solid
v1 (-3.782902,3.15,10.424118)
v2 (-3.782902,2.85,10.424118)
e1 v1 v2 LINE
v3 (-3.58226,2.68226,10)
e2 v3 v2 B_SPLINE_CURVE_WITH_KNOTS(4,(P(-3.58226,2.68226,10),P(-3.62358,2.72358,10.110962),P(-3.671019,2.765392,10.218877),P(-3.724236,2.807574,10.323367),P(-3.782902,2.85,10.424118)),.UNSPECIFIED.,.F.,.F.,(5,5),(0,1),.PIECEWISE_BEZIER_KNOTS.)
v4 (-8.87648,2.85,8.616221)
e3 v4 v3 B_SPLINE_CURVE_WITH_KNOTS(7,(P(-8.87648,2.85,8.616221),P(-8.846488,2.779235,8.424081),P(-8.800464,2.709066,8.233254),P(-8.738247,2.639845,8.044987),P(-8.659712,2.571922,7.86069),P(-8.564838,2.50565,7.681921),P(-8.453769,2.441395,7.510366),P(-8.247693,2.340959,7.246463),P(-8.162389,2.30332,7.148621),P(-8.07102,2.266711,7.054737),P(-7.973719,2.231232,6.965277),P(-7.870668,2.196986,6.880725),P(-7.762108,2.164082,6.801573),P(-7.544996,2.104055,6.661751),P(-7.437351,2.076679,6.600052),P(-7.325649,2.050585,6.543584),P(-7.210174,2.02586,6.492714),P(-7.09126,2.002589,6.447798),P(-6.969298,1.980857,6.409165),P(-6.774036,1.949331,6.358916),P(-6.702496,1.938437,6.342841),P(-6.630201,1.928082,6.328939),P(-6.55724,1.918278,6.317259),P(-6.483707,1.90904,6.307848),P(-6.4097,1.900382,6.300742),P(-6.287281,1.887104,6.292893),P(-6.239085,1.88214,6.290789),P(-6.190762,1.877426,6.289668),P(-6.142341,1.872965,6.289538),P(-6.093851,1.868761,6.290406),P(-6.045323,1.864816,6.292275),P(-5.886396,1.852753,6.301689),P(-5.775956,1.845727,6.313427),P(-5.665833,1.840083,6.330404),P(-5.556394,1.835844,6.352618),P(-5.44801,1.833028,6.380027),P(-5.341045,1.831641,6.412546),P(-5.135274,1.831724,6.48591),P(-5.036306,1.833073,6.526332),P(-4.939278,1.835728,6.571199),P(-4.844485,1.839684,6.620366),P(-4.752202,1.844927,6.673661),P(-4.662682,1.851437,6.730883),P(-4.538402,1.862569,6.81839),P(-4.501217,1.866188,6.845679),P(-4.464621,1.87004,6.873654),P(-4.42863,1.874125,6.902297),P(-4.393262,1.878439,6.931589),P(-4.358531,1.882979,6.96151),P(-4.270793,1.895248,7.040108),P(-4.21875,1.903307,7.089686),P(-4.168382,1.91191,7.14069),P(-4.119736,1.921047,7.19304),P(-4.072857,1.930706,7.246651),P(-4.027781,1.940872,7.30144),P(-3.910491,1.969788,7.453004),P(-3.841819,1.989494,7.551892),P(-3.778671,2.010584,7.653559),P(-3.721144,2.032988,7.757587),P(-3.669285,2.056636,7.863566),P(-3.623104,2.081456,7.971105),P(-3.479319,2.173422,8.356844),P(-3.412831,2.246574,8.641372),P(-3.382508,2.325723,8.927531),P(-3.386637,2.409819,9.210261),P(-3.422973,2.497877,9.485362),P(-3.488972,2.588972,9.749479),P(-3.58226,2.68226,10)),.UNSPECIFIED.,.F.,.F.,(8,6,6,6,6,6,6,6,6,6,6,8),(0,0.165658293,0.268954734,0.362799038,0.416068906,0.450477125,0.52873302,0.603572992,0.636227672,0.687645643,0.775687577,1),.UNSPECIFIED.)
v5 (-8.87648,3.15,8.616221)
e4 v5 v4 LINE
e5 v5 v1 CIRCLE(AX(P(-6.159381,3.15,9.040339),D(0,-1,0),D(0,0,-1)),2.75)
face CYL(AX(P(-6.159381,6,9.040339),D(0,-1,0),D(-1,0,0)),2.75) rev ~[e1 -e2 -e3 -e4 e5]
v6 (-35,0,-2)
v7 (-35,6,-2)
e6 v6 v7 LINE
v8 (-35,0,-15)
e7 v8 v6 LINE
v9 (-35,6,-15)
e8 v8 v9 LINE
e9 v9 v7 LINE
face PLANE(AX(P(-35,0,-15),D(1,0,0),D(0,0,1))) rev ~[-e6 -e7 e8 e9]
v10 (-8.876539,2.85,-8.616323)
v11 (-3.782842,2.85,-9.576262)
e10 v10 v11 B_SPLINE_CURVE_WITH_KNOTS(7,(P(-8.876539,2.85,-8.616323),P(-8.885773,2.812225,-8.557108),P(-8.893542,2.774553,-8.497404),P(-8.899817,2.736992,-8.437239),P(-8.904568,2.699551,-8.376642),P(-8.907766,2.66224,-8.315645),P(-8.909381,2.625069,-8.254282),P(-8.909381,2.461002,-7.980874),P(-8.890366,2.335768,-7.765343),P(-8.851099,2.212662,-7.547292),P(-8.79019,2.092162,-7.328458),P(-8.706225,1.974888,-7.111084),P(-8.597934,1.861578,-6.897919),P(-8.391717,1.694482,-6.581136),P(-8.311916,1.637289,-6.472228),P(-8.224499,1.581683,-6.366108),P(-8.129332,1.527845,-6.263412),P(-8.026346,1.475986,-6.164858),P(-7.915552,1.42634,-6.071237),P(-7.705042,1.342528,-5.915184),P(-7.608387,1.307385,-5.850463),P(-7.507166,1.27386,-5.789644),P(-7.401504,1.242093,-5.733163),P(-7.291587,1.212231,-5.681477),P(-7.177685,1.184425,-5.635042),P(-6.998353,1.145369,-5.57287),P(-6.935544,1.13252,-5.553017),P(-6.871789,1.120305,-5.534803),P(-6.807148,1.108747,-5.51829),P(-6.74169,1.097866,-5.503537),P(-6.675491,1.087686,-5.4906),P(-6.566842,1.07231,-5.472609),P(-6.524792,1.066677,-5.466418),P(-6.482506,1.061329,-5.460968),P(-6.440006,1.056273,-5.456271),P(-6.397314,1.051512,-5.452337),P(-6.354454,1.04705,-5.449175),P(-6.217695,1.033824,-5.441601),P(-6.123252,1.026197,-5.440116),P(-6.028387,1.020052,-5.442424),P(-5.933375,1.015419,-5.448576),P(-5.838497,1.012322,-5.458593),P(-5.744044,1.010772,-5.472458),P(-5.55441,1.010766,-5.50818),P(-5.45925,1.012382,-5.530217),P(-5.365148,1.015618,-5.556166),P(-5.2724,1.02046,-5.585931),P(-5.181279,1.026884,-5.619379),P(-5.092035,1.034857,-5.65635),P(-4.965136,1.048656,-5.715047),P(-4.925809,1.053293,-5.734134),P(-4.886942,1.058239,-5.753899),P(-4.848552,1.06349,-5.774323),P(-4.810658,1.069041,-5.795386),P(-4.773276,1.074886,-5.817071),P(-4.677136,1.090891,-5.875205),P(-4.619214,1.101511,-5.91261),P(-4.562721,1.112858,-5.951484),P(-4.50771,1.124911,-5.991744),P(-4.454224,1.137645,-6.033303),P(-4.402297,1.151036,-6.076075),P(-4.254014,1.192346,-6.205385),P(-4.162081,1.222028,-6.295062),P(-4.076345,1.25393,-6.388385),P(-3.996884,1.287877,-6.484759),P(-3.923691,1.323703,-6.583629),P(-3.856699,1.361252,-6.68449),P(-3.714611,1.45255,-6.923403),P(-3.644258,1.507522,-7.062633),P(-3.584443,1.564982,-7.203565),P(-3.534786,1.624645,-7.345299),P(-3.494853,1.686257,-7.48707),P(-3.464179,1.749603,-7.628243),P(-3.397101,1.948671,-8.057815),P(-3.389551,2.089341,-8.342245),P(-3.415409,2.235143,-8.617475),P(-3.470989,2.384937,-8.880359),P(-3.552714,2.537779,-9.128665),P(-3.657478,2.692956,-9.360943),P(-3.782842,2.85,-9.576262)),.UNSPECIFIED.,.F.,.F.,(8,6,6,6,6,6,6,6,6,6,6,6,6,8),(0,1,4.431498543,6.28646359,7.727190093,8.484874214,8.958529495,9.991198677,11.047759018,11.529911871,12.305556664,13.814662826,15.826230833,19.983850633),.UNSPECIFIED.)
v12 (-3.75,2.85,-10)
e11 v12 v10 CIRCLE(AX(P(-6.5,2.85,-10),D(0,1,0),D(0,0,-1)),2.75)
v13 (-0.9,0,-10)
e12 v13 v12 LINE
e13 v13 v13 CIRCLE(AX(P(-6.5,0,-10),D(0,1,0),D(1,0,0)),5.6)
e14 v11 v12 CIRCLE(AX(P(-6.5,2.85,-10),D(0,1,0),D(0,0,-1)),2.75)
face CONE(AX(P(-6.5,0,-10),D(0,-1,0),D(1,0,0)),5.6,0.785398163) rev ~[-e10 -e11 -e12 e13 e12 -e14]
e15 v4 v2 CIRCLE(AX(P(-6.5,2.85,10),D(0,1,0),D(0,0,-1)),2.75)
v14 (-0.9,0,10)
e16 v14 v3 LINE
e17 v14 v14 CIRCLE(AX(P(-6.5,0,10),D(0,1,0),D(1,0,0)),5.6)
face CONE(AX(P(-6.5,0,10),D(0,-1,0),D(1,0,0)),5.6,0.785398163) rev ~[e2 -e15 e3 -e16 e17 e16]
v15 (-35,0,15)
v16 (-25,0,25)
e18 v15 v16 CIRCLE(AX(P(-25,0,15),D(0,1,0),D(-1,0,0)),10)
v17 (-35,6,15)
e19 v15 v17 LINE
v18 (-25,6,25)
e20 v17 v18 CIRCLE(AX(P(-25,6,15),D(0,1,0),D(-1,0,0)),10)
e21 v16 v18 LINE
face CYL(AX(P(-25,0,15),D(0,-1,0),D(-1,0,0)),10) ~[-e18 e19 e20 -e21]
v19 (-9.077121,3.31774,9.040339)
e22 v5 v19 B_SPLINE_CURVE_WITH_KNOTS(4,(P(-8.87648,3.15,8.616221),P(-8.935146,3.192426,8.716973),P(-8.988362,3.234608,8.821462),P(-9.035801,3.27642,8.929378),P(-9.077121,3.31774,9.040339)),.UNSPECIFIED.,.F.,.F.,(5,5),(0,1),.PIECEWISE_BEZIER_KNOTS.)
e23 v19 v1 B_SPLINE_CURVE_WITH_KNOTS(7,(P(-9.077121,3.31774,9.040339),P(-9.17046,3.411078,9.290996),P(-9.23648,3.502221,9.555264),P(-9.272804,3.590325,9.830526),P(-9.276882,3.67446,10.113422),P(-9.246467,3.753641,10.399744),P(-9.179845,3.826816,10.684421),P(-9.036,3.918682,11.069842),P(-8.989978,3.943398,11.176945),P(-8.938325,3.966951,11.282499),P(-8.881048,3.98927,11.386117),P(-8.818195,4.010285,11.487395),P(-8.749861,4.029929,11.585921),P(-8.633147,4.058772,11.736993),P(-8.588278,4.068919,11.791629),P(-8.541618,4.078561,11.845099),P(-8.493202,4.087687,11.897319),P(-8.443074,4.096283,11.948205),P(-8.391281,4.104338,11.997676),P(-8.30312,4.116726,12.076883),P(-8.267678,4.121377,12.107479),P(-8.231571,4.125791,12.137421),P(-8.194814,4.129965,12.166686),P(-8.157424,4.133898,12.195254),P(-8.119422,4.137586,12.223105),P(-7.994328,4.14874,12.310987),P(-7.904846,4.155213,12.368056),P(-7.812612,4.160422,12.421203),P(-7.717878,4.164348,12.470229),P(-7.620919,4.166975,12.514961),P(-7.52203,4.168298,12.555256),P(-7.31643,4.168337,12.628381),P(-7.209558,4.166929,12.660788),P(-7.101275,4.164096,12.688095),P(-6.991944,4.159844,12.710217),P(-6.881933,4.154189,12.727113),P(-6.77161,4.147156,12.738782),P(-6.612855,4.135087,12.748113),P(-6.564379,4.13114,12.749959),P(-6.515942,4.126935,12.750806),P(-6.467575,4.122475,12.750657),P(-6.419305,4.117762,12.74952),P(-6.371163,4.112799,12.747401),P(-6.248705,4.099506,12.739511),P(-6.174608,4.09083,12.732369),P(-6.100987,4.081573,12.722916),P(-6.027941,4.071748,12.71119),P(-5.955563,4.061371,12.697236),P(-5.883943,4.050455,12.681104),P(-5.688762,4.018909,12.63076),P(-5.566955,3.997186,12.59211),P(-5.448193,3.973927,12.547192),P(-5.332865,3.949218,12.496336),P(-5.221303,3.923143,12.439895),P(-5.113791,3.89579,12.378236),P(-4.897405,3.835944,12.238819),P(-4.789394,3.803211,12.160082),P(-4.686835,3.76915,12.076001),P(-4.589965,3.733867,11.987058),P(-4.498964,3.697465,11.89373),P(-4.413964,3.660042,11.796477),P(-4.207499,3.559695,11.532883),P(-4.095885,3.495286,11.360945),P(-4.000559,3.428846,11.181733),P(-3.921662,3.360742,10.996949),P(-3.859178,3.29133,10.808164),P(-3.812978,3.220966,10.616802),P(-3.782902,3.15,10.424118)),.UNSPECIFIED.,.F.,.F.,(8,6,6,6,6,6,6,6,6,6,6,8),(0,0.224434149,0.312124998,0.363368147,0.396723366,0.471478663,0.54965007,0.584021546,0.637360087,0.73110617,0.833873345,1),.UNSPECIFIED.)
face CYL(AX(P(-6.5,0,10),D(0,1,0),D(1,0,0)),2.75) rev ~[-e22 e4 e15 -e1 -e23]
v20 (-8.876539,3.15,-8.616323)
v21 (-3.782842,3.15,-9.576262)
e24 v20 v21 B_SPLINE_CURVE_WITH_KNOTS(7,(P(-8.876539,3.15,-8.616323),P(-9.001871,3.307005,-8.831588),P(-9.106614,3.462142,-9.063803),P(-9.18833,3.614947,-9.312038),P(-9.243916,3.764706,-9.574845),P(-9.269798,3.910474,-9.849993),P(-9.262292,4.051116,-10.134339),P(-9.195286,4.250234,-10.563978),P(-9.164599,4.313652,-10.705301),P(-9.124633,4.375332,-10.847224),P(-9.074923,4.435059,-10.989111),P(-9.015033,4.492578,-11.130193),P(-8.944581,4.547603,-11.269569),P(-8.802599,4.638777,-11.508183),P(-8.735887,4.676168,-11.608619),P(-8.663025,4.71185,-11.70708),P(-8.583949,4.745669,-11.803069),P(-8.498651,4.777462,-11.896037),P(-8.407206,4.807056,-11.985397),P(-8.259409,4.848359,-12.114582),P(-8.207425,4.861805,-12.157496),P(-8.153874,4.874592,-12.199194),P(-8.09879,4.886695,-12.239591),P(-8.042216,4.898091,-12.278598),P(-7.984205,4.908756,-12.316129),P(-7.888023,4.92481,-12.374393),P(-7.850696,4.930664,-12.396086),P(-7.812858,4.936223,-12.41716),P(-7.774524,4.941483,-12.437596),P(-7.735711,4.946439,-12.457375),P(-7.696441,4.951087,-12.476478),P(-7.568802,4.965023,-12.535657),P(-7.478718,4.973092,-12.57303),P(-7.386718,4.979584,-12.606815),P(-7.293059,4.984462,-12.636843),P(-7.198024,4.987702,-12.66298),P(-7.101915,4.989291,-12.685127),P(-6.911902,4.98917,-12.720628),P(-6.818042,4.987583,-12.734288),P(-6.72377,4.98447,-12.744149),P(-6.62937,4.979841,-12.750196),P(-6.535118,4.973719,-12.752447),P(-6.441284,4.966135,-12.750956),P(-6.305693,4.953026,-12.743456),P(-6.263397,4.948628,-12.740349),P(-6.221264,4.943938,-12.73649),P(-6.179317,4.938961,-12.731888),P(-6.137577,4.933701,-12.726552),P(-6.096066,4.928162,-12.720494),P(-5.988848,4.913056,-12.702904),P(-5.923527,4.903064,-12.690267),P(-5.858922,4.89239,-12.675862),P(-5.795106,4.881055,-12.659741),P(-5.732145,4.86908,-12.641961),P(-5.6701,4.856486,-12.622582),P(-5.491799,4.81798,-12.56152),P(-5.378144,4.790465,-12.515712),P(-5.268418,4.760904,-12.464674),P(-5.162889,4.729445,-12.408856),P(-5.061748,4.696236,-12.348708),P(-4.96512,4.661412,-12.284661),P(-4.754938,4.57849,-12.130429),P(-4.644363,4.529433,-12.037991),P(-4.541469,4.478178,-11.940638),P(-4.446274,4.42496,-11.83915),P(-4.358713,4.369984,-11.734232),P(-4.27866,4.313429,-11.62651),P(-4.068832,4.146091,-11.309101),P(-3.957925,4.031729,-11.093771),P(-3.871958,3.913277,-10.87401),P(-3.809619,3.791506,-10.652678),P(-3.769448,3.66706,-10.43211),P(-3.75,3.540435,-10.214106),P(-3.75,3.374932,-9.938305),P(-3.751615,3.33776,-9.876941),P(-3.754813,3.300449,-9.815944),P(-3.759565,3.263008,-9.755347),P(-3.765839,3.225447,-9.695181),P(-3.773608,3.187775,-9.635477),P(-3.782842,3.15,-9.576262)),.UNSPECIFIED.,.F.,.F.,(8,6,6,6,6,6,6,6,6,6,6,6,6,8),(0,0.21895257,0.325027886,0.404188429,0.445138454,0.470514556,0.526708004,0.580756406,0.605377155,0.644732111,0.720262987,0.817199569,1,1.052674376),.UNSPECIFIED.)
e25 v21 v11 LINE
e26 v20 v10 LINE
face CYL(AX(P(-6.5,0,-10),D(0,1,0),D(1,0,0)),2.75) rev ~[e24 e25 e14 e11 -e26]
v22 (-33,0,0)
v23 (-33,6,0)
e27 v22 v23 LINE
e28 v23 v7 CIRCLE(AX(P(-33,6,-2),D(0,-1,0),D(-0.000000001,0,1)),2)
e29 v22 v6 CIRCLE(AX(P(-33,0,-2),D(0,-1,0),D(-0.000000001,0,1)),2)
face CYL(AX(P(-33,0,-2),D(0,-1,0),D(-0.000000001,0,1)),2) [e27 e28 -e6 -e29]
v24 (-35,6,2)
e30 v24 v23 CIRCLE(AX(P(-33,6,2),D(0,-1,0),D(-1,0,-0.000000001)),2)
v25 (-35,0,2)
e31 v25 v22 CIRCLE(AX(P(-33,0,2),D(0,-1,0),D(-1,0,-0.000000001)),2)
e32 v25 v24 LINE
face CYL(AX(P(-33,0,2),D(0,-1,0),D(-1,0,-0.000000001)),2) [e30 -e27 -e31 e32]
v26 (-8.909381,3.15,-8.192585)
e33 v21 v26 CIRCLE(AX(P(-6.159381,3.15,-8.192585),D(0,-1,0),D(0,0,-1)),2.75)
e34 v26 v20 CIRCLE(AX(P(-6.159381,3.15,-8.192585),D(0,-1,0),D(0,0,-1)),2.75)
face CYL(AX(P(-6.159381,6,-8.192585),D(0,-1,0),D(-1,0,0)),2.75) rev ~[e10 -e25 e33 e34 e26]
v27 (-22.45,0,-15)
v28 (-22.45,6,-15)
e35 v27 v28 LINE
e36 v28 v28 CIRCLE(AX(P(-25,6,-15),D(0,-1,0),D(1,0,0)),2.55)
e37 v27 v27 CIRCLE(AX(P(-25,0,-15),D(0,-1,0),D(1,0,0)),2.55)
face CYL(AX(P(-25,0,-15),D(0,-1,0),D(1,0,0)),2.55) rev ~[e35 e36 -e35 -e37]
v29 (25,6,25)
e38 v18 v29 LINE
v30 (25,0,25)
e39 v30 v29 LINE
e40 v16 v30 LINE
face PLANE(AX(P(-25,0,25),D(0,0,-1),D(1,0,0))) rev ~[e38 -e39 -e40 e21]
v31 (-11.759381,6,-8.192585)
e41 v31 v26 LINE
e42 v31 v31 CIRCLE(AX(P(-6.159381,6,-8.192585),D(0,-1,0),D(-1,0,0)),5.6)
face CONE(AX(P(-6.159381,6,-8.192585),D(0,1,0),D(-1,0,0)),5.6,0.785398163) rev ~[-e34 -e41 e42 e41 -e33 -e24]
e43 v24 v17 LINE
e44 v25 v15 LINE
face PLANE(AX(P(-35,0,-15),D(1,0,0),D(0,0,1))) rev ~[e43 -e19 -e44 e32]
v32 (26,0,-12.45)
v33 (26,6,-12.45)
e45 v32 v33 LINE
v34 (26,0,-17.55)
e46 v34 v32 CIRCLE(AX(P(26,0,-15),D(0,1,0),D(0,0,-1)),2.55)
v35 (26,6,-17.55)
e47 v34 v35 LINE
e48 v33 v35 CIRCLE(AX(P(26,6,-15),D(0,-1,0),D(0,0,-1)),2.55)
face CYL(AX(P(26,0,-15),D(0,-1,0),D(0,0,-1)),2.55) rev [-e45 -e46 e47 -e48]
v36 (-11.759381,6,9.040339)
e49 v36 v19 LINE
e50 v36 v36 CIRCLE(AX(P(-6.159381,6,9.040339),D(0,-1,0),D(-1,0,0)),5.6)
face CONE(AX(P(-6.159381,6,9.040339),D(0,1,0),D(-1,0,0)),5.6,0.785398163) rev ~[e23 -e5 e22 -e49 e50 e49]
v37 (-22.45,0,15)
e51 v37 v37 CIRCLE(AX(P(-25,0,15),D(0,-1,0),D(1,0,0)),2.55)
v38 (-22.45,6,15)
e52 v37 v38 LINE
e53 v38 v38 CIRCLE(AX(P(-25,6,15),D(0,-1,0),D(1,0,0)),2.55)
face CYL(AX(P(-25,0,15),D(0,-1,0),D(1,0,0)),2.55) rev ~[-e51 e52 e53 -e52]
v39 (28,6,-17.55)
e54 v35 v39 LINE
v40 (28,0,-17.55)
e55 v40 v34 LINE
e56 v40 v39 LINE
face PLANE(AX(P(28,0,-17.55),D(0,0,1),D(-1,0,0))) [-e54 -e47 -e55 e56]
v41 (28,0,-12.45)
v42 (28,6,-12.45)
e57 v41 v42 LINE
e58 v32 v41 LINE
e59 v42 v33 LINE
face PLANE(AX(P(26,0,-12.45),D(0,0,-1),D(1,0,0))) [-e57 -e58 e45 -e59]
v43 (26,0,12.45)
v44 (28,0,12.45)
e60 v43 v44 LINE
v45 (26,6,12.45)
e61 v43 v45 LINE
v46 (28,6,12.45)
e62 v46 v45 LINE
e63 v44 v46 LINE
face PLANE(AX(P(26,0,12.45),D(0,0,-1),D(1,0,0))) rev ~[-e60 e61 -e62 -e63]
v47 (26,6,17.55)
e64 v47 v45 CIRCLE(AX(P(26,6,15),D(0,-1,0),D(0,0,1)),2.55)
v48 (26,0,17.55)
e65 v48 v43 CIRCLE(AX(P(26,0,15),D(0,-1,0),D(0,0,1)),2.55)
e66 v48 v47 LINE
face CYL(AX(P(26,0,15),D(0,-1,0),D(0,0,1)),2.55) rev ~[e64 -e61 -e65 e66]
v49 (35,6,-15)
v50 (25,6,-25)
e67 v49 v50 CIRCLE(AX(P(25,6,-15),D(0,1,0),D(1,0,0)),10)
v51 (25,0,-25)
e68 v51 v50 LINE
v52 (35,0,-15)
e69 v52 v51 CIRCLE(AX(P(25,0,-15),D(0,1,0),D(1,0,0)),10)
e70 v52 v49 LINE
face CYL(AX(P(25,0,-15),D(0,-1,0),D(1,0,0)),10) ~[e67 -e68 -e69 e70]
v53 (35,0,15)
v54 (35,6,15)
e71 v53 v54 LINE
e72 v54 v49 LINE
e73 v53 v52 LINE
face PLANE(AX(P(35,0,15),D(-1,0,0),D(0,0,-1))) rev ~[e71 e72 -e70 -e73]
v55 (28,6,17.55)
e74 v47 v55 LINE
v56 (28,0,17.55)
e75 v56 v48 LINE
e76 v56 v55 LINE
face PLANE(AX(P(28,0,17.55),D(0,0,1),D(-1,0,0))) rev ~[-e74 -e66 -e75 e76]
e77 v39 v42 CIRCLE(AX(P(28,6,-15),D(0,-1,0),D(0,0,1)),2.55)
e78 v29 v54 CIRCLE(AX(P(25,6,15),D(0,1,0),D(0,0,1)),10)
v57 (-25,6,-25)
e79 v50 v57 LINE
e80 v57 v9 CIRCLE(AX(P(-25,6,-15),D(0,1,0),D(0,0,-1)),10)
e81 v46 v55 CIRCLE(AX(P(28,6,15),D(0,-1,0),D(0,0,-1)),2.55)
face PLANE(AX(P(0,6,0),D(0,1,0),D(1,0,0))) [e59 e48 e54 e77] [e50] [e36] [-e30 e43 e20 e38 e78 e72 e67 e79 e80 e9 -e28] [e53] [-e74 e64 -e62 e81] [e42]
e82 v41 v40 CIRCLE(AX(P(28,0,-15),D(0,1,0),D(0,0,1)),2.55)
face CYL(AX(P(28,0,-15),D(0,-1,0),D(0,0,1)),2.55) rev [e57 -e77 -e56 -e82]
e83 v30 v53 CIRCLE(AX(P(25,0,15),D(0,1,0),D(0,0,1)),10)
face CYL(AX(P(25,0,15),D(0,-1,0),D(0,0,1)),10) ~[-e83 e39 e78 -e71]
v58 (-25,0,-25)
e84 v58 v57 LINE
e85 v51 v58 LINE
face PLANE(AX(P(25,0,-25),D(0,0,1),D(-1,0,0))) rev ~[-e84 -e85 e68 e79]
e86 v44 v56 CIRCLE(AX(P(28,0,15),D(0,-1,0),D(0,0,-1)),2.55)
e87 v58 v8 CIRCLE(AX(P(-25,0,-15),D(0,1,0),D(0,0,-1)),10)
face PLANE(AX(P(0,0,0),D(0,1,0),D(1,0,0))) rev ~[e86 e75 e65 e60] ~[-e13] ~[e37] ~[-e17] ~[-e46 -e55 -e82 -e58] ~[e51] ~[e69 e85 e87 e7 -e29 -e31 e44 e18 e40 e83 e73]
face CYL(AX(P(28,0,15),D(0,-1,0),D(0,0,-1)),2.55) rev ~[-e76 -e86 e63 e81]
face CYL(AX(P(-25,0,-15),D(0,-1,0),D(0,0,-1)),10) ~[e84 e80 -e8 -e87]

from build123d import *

# Parameters (mm, degrees)
EXTRUDE_1_DEPTH             = 6
SKETCH_2_R                  = 2.55
CUT_EXTRUDE_1_DEPTH         = 7
CUT_EXTRUDE_2_DEPTH         = 7
HOLE_WIZARD_M52_D           = 5.5
HOLE_WIZARD_M52_CSINK_D     = 11.2
HOLE_WIZARD_M52_CSINK_ANGLE = 90
HOLE_WIZARD_M51_D           = 5.5
HOLE_WIZARD_M51_CSINK_D     = 11.2
HOLE_WIZARD_M51_CSINK_ANGLE = 90


with BuildPart() as part:
    # Эскиз1 → Бобышка-Вытянуть1 (new body)
    with BuildSketch(Plane(origin=(0, 0, 0), x_dir=(1, 0, 0), z_dir=(0, 1, 0))):
        with BuildLine():
            Line((-25, -25), (25, -25))
            ThreePointArc((25, -25), (32.071067812, -22.071067812), (35, -15))
            Line((35, -15), (35, 15))
            ThreePointArc((35, 15), (32.071067812, 22.071067812), (25, 25))
            Line((25, 25), (-25, 25))
            ThreePointArc((-25, 25), (-32.071067812, 22.071067812), (-35, 15))
            Line((-35, 15), (-35, -15))
            ThreePointArc((-35, -15), (-32.071067812, -22.071067812), (-25, -25))
        make_face()
    extrude(amount=EXTRUDE_1_DEPTH)

    # Эскиз2 → Вырез-Вытянуть1 (cut, through all)
    with BuildSketch(Plane.XZ):
        with Locations((-25, -15)):
            Circle(SKETCH_2_R)
        with Locations((-25, 15)):
            Circle(SKETCH_2_R)
        with BuildLine():
            Line((28, -17.55), (26, -17.55))
            ThreePointArc((26, -17.55), (23.45, -15), (26, -12.45))
            Line((26, -12.45), (28, -12.45))
            ThreePointArc((28, -12.45), (30.55, -15), (28, -17.55))
        make_face()
        with BuildLine():
            Line((28, 17.55), (26, 17.55))
            ThreePointArc((26, 17.55), (23.45, 15), (26, 12.45))
            Line((26, 12.45), (28, 12.45))
            ThreePointArc((28, 12.45), (30.55, 15), (28, 17.55))
        make_face()
    extrude(amount=-CUT_EXTRUDE_1_DEPTH, mode=Mode.SUBTRACT)

    # Эскиз3 → Вырез-Вытянуть2 (cut, through all)
    with BuildSketch(Plane.XZ):
        with BuildLine():
            Line((-35, -2), (-35, 2))
            ThreePointArc((-35, 2), (-34.414213562, 0.585786438), (-33, 0))
            ThreePointArc((-33, 0), (-34.414213562, -0.585786438), (-35, -2))
        make_face()
    extrude(amount=-CUT_EXTRUDE_2_DEPTH, mode=Mode.SUBTRACT)

    # Зенковка для  винта с потайной головкой с внутренним шестигранником M52 (through all)
    with Locations(Plane(origin=(0, 6, 0), x_dir=(1, 0, 0), z_dir=(0, 1, 0))):
        with Locations((-6.159381211, -9.040339254), (-6.159381211, 8.192585184)):
            CounterSinkHole(HOLE_WIZARD_M52_D / 2, HOLE_WIZARD_M52_CSINK_D / 2, counter_sink_angle=HOLE_WIZARD_M52_CSINK_ANGLE)

    # Зенковка для  винта с потайной головкой с внутренним шестигранником M51 (through all)
    with Locations(Plane(origin=(0, 0, 0), x_dir=(-1, 0, 0), z_dir=(0, -1, 0))):
        with Locations((6.5, -10), (6.5, 10)):
            CounterSinkHole(HOLE_WIZARD_M51_D / 2, HOLE_WIZARD_M51_CSINK_D / 2, counter_sink_angle=HOLE_WIZARD_M51_CSINK_ANGLE)


solid = part.part
